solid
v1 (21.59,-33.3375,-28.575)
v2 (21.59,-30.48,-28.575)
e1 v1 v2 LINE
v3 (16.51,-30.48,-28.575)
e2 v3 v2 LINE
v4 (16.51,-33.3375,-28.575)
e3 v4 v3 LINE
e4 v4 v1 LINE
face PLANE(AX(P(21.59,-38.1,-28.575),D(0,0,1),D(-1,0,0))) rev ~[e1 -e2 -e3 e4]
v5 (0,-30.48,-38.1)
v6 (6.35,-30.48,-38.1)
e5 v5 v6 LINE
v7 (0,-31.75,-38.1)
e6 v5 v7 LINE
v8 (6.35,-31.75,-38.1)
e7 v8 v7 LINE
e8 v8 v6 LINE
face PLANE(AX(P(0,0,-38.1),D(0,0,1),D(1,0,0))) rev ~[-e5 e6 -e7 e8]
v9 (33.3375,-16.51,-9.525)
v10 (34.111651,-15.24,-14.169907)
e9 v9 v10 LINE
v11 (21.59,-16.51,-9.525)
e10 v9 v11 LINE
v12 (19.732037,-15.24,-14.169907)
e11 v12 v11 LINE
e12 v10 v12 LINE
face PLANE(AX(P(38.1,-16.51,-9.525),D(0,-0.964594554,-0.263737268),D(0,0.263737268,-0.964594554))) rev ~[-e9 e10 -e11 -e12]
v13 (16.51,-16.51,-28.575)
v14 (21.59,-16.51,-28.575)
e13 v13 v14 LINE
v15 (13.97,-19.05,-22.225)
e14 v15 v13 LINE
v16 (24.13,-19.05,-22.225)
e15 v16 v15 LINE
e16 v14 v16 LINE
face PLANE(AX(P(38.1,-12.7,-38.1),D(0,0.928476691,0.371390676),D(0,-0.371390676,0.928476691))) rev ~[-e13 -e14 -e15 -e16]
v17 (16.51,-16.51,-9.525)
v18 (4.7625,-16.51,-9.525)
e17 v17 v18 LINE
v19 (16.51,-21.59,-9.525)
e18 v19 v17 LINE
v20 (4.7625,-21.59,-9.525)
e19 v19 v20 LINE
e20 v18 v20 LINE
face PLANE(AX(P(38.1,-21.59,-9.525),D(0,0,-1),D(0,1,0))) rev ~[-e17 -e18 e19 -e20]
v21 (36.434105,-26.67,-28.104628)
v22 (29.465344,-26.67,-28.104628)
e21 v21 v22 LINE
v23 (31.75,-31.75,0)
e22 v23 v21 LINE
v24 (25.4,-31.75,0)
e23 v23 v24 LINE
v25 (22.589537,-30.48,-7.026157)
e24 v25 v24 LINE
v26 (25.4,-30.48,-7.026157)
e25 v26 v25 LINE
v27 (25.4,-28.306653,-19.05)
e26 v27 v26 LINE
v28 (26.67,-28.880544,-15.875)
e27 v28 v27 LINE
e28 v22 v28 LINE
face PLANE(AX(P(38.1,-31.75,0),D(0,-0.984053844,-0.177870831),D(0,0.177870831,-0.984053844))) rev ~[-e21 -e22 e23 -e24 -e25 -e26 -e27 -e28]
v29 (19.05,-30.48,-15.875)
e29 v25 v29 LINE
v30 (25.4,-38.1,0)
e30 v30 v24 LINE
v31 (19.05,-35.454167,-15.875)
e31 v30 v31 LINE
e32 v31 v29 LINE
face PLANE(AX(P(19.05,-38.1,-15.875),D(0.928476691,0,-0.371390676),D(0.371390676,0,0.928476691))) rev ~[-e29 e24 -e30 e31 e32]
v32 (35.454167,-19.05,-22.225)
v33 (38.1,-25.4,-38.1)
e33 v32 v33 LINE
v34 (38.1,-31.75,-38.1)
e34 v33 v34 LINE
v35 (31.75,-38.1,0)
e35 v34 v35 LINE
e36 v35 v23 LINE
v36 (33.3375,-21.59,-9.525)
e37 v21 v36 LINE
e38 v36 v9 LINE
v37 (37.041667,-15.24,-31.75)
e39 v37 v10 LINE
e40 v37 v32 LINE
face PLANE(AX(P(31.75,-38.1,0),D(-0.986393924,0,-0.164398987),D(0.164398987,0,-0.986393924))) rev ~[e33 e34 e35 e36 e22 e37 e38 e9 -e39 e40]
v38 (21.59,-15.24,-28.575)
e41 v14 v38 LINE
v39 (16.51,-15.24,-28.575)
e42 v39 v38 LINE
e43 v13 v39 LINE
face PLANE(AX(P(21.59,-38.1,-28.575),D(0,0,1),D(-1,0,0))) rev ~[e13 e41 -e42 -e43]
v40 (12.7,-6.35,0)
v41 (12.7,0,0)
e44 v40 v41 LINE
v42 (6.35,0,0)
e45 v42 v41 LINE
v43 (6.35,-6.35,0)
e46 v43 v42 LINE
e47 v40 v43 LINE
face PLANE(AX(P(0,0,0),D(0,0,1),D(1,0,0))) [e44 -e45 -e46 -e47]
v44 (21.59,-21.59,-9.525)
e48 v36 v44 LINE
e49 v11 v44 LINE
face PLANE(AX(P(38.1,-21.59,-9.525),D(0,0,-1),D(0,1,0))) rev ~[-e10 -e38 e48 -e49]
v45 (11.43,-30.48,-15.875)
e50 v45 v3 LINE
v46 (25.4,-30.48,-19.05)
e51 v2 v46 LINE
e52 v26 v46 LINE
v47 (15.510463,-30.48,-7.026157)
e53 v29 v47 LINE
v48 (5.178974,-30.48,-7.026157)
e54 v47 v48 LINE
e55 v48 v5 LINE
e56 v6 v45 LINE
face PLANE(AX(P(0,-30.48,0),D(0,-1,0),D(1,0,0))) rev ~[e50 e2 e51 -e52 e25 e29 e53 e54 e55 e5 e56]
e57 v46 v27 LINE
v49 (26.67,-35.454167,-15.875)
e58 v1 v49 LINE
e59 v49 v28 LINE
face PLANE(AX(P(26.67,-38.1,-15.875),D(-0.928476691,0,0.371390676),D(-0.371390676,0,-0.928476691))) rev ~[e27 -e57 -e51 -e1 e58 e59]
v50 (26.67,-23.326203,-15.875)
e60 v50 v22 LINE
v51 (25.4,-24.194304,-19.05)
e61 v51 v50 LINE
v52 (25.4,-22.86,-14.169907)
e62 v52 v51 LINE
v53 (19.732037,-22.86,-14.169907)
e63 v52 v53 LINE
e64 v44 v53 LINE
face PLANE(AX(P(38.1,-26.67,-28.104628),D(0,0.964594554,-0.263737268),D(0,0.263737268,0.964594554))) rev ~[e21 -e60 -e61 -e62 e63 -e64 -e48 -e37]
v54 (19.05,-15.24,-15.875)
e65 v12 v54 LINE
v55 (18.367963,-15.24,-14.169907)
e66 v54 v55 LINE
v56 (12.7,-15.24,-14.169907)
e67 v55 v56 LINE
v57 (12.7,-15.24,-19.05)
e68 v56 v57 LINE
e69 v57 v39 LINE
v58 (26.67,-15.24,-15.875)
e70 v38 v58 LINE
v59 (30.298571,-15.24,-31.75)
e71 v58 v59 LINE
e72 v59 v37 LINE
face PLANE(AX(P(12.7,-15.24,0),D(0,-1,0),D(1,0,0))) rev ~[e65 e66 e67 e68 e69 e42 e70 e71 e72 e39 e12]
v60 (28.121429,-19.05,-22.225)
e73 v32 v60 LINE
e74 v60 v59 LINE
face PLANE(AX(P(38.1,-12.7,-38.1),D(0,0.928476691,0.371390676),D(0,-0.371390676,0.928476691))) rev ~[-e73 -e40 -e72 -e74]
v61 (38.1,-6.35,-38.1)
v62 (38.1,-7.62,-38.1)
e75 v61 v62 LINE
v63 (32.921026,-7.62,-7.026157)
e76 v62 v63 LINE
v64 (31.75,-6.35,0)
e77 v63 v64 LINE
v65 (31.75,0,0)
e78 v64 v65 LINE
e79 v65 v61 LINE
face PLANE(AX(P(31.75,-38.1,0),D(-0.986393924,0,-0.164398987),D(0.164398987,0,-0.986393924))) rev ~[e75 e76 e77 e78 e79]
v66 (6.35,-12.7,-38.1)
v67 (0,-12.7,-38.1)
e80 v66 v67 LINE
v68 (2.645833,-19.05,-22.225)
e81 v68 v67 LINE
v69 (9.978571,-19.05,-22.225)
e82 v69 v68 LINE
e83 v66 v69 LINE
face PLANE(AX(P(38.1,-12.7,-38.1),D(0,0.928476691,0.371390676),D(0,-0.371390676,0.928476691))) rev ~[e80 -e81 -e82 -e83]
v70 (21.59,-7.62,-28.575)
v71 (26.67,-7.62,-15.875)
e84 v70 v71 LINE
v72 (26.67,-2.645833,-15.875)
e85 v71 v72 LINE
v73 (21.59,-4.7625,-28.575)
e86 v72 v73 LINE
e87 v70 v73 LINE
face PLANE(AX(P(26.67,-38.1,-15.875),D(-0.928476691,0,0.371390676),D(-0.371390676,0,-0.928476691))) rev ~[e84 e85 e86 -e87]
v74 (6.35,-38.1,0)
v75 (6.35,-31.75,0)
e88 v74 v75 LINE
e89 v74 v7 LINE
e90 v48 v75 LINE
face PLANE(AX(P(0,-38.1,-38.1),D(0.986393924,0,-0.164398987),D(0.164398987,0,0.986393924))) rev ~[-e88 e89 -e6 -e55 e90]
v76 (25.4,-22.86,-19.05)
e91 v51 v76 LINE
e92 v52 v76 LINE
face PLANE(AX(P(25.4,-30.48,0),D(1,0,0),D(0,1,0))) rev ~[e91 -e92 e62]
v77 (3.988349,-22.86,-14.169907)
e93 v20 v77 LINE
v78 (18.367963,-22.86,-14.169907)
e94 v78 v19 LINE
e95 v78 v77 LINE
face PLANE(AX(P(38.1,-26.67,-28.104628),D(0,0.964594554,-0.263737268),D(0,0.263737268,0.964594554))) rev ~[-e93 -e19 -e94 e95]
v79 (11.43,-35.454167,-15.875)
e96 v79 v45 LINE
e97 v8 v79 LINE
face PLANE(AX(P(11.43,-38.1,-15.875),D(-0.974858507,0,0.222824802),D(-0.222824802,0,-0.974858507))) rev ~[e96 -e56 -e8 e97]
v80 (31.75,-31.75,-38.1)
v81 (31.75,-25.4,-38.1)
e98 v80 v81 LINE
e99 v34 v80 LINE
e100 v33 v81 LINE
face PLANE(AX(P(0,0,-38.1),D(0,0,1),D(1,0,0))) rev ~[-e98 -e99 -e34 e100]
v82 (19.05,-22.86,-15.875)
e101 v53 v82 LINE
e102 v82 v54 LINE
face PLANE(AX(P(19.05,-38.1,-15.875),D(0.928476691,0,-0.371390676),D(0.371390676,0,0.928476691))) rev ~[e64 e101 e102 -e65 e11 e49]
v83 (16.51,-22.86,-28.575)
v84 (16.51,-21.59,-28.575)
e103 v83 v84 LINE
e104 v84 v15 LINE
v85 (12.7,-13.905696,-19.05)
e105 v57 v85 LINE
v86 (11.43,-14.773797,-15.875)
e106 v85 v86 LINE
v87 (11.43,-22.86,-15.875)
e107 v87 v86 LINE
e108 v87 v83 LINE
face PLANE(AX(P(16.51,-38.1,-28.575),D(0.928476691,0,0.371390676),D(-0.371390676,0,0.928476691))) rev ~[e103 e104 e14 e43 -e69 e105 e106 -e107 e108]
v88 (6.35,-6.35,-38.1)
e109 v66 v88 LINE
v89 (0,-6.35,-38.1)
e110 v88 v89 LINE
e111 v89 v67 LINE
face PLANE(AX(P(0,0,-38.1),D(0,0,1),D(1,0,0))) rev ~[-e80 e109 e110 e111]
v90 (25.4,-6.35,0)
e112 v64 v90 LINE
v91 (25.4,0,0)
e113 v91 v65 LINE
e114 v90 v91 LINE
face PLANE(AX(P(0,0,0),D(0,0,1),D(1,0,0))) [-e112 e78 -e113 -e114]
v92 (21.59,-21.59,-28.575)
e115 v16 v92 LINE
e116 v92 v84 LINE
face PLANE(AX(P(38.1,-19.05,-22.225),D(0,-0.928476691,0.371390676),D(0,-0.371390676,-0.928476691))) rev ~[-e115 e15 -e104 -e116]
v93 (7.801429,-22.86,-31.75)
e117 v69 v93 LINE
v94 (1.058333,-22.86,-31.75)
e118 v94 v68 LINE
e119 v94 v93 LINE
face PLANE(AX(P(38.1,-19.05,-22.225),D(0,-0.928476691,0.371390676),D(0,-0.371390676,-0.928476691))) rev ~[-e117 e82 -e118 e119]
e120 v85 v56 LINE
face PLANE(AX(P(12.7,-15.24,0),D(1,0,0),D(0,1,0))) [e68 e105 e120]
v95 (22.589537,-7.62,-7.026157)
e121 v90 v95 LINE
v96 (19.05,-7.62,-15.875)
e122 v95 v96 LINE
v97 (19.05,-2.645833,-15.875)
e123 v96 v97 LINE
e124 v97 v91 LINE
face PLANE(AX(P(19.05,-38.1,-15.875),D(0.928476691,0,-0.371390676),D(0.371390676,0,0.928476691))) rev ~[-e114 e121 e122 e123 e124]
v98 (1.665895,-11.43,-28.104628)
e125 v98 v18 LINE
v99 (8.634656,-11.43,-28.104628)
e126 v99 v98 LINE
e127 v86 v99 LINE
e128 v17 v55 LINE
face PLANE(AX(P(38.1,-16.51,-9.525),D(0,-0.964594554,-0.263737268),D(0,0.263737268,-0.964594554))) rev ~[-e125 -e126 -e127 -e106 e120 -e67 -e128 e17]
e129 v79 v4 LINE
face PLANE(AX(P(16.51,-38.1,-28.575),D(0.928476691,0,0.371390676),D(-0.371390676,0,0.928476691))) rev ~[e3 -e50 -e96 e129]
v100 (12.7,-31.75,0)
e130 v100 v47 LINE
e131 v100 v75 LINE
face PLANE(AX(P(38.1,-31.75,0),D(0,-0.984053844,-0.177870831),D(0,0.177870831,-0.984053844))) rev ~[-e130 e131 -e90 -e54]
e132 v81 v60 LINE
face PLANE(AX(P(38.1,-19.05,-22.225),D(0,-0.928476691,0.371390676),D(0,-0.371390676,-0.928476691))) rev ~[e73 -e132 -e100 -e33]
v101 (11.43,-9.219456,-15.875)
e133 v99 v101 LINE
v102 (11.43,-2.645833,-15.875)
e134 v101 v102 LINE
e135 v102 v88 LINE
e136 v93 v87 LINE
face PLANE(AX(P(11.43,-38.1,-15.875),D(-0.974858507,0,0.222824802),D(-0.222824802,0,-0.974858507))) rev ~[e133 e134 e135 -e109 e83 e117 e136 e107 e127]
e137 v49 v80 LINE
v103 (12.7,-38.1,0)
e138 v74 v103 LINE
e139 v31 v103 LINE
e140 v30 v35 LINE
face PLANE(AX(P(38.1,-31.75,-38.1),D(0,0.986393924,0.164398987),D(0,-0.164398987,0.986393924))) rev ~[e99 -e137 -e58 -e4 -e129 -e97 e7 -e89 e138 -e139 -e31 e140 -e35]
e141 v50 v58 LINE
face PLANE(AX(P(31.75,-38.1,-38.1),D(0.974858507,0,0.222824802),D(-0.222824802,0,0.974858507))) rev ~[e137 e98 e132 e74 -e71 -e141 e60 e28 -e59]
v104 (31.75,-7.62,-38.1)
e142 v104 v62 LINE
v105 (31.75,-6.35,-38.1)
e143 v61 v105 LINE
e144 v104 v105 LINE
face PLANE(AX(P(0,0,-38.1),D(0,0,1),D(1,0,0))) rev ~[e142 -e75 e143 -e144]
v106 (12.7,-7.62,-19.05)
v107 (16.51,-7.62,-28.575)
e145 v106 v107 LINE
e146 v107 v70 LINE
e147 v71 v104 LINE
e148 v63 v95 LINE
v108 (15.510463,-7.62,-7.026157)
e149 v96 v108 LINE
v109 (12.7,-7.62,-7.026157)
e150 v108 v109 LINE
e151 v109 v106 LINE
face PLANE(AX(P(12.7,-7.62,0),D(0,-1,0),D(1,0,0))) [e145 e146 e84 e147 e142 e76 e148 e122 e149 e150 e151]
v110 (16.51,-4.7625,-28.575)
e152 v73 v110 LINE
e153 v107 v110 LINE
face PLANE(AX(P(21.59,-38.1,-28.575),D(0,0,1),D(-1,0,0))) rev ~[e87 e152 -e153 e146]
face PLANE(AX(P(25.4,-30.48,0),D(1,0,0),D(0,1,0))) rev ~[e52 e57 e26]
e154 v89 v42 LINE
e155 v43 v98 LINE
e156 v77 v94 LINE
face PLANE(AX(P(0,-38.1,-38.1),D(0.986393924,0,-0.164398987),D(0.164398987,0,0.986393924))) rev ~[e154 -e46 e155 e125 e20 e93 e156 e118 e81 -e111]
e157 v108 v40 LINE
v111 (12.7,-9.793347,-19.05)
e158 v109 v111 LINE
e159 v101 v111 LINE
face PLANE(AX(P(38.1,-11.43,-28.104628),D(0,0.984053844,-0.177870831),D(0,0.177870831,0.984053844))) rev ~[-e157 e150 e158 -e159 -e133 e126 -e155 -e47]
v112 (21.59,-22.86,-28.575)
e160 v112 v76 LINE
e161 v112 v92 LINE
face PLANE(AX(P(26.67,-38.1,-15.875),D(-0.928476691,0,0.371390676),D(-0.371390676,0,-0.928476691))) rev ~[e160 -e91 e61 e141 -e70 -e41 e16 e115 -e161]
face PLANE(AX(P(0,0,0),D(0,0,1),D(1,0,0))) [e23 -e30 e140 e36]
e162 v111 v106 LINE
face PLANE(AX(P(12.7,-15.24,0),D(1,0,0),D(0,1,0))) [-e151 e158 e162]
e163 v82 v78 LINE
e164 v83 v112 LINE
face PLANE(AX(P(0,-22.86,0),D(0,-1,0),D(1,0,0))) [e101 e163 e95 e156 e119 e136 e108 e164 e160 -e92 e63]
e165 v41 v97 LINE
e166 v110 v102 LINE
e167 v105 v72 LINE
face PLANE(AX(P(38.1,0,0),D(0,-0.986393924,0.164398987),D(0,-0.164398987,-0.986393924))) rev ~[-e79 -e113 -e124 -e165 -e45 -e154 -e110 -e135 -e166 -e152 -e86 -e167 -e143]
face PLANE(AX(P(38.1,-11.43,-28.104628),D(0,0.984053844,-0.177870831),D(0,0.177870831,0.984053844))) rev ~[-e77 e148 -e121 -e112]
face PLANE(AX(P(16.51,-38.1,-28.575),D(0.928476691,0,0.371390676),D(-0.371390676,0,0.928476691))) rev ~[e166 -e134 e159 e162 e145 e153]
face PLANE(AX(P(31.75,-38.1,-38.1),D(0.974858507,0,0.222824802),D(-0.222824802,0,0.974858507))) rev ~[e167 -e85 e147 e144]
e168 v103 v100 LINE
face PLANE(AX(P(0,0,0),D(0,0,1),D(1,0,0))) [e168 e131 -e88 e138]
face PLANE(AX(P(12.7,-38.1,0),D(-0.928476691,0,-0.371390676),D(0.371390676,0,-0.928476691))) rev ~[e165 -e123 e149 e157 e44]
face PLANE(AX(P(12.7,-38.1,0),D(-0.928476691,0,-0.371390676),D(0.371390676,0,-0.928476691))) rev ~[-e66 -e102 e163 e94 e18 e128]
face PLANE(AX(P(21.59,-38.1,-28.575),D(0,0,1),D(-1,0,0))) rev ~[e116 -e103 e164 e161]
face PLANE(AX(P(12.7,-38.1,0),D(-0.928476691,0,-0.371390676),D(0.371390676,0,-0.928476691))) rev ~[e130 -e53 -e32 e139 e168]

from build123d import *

# Parameters (mm, degrees)
F0_W     = 38.1
F0_H     = 38.1
F1_DEPTH = 38.1
F5_DEPTH = 38.1
F7_DEPTH = 38.1
F8_W     = 25.4
F8_H     = 7.62
F9_DEPTH = 38.1


with BuildPart() as f1:
    # F0 (on Front) → F1 (new body)
    with BuildSketch(Plane.XZ):
        with Locations((19.05, -19.05)):
            Rectangle(F0_W, F0_H)
    extrude(amount=F1_DEPTH)

    # F4 (on offset) → F5 (cut)
    with BuildSketch(Plane.YZ.offset(38.1)):
        Polygon((-31.75, -38.1), (-38.1, 0), (-38.1, -38.1), align=None)
        Polygon((-11.43, -28.104628), (-6.35, 0), (-31.75, 0), (-26.67, -28.104628), (-21.59, -9.525), (-16.51, -9.525), align=None)
        Polygon((-25.4, -38.1), (-12.7, -38.1), (-19.05, -22.225), align=None)
        Polygon((0, -32.925924), (0, 0), (-6.35, -38.1), (0, -38.1), align=None)
    extrude(amount=-F5_DEPTH, mode=Mode.SUBTRACT)

    # F6 (on offset) → F7 (cut)
    with BuildSketch(Plane.XZ.offset(38.1)):
        Polygon((6.35, 0), (0, 0), (0, -38.1), align=None)
        Polygon((25.4, 0), (12.7, 0), (19.05, -15.875), align=None)
        Polygon((11.43, -15.875), (6.35, -38.1), (31.75, -38.1), (26.67, -15.875), (21.59, -28.575), (16.51, -28.575), align=None)
        Polygon((38.1, 0), (31.75, 0), (38.1, -38.1), align=None)
    extrude(amount=-F7_DEPTH, mode=Mode.SUBTRACT)

    # F8 (on Top) → F9 (cut)
    with BuildSketch(Plane.XY):
        with Locations((25.4, -11.43)):
            Rectangle(F8_W, F8_H)
        with Locations((12.7, -26.67)):
            Rectangle(F8_W, F8_H)
    extrude(amount=-F9_DEPTH, mode=Mode.SUBTRACT)


solid = f1.part
